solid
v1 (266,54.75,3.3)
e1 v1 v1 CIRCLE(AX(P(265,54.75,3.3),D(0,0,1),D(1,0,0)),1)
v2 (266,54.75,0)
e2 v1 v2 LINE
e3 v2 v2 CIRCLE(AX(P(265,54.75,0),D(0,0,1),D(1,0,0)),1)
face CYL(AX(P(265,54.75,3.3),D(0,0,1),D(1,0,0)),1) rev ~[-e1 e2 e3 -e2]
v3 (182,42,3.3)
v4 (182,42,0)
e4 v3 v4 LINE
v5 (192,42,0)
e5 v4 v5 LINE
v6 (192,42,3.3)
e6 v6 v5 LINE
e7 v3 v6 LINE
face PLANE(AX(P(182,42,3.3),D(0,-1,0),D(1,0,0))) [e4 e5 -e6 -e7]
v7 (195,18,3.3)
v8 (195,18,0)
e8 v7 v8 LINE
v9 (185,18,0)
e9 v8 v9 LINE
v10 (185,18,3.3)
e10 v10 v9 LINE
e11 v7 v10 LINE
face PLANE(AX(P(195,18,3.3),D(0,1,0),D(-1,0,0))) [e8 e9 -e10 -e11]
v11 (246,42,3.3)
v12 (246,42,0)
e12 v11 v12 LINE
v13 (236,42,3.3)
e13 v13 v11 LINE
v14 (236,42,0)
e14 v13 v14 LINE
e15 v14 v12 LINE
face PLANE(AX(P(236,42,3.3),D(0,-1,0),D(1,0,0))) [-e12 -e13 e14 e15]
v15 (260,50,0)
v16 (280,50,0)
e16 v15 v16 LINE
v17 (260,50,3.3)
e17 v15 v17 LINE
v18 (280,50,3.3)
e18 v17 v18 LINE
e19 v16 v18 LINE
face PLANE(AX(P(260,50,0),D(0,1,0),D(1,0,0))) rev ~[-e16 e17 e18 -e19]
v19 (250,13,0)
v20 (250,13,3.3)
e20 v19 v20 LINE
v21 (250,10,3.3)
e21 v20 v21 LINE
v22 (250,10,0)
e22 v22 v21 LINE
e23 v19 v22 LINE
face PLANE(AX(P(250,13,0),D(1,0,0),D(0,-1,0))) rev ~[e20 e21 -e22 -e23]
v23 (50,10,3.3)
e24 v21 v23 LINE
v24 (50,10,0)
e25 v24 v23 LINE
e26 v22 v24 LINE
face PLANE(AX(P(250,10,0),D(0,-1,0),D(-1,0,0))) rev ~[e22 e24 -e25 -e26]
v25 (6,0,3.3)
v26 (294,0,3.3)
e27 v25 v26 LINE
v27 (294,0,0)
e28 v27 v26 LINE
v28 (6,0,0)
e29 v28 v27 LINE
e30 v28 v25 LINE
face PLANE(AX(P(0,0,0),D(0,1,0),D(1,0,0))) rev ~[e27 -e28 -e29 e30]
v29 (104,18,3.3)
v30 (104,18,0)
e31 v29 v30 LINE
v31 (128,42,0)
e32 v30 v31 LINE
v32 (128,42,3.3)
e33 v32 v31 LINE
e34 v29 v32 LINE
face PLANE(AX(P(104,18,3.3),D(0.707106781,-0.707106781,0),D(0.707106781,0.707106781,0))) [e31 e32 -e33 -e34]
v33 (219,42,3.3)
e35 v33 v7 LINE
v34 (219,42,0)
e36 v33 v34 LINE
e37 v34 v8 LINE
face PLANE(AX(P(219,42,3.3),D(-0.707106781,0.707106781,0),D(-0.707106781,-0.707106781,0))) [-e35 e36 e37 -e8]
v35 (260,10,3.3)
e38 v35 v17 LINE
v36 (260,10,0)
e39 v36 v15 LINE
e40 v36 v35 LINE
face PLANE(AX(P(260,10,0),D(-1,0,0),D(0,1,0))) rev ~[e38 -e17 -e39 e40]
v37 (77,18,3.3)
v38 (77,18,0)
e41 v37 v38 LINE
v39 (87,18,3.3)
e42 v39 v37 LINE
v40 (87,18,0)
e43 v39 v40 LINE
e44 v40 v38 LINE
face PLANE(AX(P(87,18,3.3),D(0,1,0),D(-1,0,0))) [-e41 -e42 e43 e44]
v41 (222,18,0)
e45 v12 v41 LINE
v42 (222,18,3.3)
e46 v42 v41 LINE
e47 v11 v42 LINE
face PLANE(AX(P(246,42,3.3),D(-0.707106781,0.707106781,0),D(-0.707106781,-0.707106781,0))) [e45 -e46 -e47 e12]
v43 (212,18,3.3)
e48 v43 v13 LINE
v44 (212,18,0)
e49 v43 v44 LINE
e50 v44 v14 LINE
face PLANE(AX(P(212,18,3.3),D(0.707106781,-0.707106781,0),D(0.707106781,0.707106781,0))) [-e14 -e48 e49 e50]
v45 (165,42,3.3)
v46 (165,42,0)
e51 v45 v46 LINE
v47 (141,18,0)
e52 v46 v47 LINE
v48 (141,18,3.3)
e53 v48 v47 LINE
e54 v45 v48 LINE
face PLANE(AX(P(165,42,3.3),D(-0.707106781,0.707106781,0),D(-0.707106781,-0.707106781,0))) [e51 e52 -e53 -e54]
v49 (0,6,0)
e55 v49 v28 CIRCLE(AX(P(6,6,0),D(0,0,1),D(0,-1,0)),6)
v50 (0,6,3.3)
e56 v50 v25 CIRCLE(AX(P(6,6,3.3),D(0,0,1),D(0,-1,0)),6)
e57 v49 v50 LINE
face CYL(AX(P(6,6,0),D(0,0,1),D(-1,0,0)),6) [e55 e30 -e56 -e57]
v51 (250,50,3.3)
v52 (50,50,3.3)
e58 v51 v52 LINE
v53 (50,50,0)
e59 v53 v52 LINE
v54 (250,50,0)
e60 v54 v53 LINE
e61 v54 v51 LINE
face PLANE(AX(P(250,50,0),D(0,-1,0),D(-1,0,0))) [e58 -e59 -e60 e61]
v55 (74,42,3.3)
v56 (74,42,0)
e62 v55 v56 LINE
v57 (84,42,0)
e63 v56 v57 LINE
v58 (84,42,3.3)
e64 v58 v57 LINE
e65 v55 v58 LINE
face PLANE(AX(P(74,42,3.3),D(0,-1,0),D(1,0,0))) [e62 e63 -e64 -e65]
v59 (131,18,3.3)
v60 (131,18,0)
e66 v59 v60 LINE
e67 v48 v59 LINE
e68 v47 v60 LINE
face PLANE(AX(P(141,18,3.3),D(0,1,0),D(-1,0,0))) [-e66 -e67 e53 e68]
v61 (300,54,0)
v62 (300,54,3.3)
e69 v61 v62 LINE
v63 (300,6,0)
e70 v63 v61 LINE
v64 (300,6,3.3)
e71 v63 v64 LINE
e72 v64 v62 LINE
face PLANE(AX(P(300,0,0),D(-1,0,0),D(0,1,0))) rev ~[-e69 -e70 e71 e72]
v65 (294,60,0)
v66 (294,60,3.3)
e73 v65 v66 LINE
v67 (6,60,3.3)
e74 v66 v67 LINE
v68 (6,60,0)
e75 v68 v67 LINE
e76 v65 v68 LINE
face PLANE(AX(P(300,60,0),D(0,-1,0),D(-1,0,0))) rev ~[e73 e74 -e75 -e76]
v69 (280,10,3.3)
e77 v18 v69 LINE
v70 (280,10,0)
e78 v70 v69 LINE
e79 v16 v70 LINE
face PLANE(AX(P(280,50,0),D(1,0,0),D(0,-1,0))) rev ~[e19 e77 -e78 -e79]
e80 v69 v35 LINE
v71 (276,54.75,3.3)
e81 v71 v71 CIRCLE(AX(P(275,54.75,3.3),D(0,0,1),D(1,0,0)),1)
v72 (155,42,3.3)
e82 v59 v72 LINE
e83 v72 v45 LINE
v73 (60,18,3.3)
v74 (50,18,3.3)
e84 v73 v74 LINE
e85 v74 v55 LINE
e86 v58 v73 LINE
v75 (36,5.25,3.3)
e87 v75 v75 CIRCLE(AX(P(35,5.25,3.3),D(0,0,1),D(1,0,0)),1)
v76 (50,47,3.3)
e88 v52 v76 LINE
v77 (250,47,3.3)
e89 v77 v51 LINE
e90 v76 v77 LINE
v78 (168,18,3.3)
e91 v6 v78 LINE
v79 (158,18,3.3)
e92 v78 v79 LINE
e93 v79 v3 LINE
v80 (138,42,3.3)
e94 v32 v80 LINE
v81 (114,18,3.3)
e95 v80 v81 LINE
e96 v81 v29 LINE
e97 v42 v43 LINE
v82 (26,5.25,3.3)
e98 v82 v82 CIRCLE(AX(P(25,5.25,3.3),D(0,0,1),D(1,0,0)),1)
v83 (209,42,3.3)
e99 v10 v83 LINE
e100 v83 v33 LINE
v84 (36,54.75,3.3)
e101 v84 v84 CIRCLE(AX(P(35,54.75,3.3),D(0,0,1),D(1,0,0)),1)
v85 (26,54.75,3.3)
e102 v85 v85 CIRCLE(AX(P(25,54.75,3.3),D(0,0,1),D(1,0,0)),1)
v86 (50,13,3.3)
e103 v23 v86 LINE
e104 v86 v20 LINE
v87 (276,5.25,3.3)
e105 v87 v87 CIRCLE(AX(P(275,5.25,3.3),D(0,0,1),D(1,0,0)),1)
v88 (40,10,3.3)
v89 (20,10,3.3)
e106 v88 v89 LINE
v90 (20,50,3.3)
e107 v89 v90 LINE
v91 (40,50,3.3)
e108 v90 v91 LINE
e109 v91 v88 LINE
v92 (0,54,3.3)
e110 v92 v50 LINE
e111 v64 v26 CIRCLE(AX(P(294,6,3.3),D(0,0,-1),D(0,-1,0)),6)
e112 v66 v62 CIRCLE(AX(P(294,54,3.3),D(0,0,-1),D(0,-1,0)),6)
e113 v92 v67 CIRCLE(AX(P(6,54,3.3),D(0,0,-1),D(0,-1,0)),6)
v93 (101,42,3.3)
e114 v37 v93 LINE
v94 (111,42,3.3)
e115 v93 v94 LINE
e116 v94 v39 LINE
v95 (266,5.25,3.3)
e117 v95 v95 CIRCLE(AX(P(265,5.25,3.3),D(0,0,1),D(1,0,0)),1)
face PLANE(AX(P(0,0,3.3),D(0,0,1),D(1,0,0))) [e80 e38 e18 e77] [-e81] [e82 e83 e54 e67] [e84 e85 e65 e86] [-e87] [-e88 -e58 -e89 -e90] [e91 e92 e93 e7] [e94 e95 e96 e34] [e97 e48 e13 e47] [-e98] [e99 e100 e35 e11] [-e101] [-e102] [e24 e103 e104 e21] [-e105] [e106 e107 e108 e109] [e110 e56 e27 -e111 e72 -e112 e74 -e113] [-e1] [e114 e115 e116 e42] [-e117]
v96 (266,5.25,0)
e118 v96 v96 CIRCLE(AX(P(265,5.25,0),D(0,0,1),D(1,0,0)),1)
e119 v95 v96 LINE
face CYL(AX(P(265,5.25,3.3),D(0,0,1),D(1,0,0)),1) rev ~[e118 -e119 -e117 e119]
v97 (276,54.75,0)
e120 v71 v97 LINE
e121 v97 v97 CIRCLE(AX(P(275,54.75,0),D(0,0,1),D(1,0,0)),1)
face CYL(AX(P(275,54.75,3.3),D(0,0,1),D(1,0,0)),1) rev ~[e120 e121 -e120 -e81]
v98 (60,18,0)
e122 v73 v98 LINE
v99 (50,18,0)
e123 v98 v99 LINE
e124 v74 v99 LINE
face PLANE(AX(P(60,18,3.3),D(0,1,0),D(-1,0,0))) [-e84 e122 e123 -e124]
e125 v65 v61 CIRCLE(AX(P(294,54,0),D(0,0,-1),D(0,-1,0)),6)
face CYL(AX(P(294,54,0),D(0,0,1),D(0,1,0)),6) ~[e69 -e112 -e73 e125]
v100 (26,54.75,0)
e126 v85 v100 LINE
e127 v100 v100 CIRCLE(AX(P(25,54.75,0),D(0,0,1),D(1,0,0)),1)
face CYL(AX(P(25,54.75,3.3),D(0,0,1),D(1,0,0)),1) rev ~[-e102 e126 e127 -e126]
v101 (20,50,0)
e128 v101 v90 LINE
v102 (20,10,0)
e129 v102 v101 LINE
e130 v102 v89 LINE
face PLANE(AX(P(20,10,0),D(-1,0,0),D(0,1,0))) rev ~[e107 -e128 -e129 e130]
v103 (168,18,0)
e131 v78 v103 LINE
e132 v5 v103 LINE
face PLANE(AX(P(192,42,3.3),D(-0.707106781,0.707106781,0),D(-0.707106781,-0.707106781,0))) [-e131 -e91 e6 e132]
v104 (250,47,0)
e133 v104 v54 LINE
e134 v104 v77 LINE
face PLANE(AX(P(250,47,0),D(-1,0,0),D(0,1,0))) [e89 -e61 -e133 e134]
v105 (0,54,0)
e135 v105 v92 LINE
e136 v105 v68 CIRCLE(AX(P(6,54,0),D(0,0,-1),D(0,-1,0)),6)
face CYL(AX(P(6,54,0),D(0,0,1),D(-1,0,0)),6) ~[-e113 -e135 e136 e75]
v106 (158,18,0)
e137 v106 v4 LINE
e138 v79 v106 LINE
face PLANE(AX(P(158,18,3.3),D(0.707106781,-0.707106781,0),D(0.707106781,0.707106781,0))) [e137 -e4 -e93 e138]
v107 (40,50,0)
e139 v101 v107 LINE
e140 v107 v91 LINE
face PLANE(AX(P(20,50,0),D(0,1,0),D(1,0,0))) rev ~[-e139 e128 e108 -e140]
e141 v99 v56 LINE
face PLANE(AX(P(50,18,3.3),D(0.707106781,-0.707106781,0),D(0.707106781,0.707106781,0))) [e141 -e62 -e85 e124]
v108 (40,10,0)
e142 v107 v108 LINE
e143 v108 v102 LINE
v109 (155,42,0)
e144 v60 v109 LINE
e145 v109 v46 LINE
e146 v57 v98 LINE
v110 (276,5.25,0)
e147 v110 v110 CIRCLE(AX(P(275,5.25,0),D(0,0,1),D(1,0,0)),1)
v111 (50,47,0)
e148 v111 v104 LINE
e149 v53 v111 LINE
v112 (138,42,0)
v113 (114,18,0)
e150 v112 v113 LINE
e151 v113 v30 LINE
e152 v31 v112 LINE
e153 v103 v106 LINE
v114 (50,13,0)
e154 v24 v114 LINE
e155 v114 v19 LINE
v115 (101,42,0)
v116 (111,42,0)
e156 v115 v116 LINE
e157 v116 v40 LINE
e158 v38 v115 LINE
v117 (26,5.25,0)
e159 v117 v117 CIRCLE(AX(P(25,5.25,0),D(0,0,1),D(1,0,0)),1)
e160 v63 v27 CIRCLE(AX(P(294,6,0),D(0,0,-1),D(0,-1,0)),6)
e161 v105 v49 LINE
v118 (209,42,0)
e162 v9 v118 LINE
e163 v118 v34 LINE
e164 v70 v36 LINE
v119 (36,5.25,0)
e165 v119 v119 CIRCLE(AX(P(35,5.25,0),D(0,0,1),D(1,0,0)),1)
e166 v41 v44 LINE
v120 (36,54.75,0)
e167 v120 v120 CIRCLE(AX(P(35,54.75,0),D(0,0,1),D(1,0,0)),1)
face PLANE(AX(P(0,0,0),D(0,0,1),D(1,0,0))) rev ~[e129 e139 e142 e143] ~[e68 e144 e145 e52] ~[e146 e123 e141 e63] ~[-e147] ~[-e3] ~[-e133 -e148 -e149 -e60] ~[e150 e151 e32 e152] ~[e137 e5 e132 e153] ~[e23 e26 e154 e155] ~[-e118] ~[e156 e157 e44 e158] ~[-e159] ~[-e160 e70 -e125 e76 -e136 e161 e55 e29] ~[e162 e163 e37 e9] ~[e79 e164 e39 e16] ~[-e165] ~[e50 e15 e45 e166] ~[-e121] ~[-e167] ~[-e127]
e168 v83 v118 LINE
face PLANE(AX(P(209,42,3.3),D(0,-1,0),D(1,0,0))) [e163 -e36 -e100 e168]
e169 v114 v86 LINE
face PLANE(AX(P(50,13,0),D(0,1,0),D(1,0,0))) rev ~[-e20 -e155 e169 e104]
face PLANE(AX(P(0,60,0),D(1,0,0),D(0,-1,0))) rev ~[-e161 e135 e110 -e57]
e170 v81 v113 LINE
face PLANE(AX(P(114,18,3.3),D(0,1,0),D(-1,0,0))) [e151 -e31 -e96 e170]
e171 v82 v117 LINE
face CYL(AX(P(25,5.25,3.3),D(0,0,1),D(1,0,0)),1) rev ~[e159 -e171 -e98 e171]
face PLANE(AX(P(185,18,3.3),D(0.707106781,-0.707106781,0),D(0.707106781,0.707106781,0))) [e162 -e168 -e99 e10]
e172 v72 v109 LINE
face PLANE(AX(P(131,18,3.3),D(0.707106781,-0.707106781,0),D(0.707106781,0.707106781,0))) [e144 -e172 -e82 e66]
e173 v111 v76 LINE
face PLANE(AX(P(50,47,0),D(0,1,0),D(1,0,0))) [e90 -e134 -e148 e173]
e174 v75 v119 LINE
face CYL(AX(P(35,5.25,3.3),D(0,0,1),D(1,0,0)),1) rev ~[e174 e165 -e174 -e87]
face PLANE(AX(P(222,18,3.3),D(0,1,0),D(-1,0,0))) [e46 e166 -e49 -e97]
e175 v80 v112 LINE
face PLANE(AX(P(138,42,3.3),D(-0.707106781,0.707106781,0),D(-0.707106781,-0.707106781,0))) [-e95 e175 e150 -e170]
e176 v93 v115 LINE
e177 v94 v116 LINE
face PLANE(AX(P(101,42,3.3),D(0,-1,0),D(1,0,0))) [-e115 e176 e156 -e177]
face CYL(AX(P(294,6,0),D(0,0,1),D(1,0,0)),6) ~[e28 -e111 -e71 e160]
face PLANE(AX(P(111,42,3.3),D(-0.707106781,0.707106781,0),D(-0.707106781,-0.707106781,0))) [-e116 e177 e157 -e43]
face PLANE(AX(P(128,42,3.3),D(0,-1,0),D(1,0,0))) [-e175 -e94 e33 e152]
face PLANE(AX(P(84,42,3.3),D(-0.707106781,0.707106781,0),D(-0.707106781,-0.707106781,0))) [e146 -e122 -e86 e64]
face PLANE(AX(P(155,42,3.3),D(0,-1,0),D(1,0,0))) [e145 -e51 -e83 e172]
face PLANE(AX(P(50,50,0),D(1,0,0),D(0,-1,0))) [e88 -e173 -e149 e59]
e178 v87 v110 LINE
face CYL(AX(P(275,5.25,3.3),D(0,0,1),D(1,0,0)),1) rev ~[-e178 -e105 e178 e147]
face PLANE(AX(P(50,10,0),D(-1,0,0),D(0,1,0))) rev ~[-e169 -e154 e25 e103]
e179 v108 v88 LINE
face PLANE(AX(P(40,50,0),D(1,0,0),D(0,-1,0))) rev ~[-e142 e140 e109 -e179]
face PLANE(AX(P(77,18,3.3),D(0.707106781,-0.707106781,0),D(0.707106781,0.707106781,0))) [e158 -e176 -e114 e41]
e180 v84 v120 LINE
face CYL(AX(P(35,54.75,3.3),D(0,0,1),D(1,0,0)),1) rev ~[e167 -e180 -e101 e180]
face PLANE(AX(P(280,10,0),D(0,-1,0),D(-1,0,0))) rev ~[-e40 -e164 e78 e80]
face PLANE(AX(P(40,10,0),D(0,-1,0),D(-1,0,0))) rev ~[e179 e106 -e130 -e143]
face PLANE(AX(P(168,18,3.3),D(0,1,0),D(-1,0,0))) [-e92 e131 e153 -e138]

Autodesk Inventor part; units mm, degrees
ref_plane "YZ Plane" through (0, 0, 0) normal (1, 0, 0) x (0, 1, 0)
ref_plane "XZ Plane" through (0, 0, 0) normal (0, 1, 0) x (-1, 0, 0)
ref_plane "XY Plane" through (0, 0, 0) normal (0, 0, 1) x (1, 0, 0)
sketch "Sketch7" plane through (0, 0, 0) normal (0, 0, 1) x (1, 0, 0)
  line L0 (0, 0) -> (300, 0)
  line L1 (300, 0) -> (300, 60)
  line L2 (300, 60) -> (0, 60)
  line L3 (0, 60) -> (0, 0)
  line L4 (50, 13) -> (250, 13)
  line L5 (250, 13) -> (250, 10)
  line L6 (250, 10) -> (50, 10)
  line L7 (50, 10) -> (50, 13)
  line L8 (150, 13) -> (150, 10) construction
  line L9 (20, 50) -> (40, 50)
  line L10 (40, 50) -> (40, 10)
  line L11 (40, 10) -> (20, 10)
  line L12 (20, 10) -> (20, 50)
  line L13 (260, 50) -> (280, 50)
  line L14 (280, 50) -> (280, 10)
  line L15 (280, 10) -> (260, 10)
  line L16 (260, 10) -> (260, 50)
  line L17 (50, 47) -> (250, 47)
  line L18 (250, 47) -> (250, 50)
  line L19 (250, 50) -> (50, 50)
  line L20 (50, 50) -> (50, 47)
  point P0 (50, 48.5)
  point P1 (50, 11.5)
  dimension "d152" = 300
  dimension "d153" = 60
  dimension "d154" = 200
  dimension "d158" = 150
  dimension "d159" = 3
  dimension "d160" = 10
  dimension "d161" = 40
  dimension "d162" = 20
  dimension "d163" = 20
  dimension "d164" = 20
  dimension "d165" = 10
  dimension "d166" = 10
  dimension "d168" = 10
extrude "Extrusion7" add sketch "Sketch7" along normal blind 3.3
fillet "Fillet1" radius 6 4 edges at (0, 60, 1.65) (0, 0, 1.65) (300, 60, 1.65) (300, 0, 1.65)
sketch "Sketch9" plane through (0, 0, 3.3) normal (0, 0, 1) x (1, 0, 0)
  arc A0 (294, 0) -> (300, 6) centre (294, 6) ccw projected
  line L0 (300, 6) -> (300, 54) projected
  arc A1 (300, 54) -> (294, 60) centre (294, 54) ccw projected
  line L1 (294, 60) -> (6, 60) projected
  arc A2 (6, 60) -> (0, 54) centre (6, 54) ccw projected
  line L2 (0, 54) -> (0, 6) projected
  arc A3 (0, 6) -> (6, 0) centre (6, 6) ccw projected
  line L3 (6, 0) -> (294, 0) projected
  line L4 (280, 50) -> (280, 10) projected
  line L5 (280, 10) -> (260, 10) projected
  line L6 (260, 10) -> (260, 50) projected
  line L7 (260, 50) -> (280, 50) projected
  line L8 (40, 50) -> (40, 10) projected
  line L9 (40, 10) -> (20, 10) projected
  line L10 (20, 10) -> (20, 50) projected
  line L11 (20, 50) -> (40, 50) projected
  line L12 (50, 47) -> (50, 50) projected
  line L13 (50, 50) -> (250, 50) projected
  line L14 (250, 50) -> (250, 47) projected
  line L15 (250, 47) -> (50, 47) projected
  line L16 (250, 13) -> (250, 10) projected
  line L17 (250, 10) -> (50, 10) projected
  line L18 (50, 10) -> (50, 13) projected
  line L19 (50, 13) -> (250, 13) projected
  line L20 (50, 18) -> (74, 42)
  line L21 (74, 42) -> (84, 42)
  line L22 (84, 42) -> (60, 18)
  line L23 (60, 18) -> (50, 18)
  point P0 (0, 0)
  dimension "d172" = 45
  dimension "d173" = 10
  dimension "d175" = 5
  dimension "d182" = 5
extrude "Extrusion8" cut sketch "Sketch9" against normal blind 3.3 contours L20 L21 L22 L23
pattern_linear "Rectangular Pattern1" count 7 spacing 27 along (1, 0, 0) of "Extrusion8"
sketch "Sketch10" plane through (0, 0, 3.3) normal (0, 0, 1) x (1, 0, 0)
  line L0 (20, 10) -> (20, 50) projected
  line L1 (20, 50) -> (40, 50) projected
  line L2 (40, 50) -> (40, 10) projected
  line L3 (40, 10) -> (20, 10) projected
  circle A0 centre (25, 54.75) radius 1
  circle A1 centre (35, 54.75) radius 1
  circle A2 centre (25, 5.25) radius 1
  circle A3 centre (35, 5.25) radius 1
  line L4 (260, 10) -> (260, 50) projected
  line L5 (280, 50) -> (280, 10) projected
  line L6 (260, 50) -> (280, 50) projected
  line L7 (280, 10) -> (260, 10) projected
  circle A4 centre (265, 54.75) radius 1
  circle A5 centre (275, 54.75) radius 1
  circle A6 centre (265, 5.25) radius 1
  circle A7 centre (275, 5.25) radius 1
  point P0 (0, 0)
  dimension "d183" = 2
  dimension "d184" = 5
  dimension "d185" = 10
  dimension "d186" = 5
  dimension "d187" = 10
  dimension "d188" = 4.75
  dimension "d189" = 4.75
  dimension "d192" = 2
  dimension "d194" = 10
  dimension "d196" = 10
  dimension "d202" = 5
extrude "Extrusion9" cut sketch "Sketch10" against normal blind 10 contours A0 | A1 | A2 | A3 | A4 | A5 | A6 | A7
equation "\"soporte\" = 60"
equation "\"largo_base\" = 200"
properties part number "Cuerpo - LateralPrueba" material "ABS Plastic"
